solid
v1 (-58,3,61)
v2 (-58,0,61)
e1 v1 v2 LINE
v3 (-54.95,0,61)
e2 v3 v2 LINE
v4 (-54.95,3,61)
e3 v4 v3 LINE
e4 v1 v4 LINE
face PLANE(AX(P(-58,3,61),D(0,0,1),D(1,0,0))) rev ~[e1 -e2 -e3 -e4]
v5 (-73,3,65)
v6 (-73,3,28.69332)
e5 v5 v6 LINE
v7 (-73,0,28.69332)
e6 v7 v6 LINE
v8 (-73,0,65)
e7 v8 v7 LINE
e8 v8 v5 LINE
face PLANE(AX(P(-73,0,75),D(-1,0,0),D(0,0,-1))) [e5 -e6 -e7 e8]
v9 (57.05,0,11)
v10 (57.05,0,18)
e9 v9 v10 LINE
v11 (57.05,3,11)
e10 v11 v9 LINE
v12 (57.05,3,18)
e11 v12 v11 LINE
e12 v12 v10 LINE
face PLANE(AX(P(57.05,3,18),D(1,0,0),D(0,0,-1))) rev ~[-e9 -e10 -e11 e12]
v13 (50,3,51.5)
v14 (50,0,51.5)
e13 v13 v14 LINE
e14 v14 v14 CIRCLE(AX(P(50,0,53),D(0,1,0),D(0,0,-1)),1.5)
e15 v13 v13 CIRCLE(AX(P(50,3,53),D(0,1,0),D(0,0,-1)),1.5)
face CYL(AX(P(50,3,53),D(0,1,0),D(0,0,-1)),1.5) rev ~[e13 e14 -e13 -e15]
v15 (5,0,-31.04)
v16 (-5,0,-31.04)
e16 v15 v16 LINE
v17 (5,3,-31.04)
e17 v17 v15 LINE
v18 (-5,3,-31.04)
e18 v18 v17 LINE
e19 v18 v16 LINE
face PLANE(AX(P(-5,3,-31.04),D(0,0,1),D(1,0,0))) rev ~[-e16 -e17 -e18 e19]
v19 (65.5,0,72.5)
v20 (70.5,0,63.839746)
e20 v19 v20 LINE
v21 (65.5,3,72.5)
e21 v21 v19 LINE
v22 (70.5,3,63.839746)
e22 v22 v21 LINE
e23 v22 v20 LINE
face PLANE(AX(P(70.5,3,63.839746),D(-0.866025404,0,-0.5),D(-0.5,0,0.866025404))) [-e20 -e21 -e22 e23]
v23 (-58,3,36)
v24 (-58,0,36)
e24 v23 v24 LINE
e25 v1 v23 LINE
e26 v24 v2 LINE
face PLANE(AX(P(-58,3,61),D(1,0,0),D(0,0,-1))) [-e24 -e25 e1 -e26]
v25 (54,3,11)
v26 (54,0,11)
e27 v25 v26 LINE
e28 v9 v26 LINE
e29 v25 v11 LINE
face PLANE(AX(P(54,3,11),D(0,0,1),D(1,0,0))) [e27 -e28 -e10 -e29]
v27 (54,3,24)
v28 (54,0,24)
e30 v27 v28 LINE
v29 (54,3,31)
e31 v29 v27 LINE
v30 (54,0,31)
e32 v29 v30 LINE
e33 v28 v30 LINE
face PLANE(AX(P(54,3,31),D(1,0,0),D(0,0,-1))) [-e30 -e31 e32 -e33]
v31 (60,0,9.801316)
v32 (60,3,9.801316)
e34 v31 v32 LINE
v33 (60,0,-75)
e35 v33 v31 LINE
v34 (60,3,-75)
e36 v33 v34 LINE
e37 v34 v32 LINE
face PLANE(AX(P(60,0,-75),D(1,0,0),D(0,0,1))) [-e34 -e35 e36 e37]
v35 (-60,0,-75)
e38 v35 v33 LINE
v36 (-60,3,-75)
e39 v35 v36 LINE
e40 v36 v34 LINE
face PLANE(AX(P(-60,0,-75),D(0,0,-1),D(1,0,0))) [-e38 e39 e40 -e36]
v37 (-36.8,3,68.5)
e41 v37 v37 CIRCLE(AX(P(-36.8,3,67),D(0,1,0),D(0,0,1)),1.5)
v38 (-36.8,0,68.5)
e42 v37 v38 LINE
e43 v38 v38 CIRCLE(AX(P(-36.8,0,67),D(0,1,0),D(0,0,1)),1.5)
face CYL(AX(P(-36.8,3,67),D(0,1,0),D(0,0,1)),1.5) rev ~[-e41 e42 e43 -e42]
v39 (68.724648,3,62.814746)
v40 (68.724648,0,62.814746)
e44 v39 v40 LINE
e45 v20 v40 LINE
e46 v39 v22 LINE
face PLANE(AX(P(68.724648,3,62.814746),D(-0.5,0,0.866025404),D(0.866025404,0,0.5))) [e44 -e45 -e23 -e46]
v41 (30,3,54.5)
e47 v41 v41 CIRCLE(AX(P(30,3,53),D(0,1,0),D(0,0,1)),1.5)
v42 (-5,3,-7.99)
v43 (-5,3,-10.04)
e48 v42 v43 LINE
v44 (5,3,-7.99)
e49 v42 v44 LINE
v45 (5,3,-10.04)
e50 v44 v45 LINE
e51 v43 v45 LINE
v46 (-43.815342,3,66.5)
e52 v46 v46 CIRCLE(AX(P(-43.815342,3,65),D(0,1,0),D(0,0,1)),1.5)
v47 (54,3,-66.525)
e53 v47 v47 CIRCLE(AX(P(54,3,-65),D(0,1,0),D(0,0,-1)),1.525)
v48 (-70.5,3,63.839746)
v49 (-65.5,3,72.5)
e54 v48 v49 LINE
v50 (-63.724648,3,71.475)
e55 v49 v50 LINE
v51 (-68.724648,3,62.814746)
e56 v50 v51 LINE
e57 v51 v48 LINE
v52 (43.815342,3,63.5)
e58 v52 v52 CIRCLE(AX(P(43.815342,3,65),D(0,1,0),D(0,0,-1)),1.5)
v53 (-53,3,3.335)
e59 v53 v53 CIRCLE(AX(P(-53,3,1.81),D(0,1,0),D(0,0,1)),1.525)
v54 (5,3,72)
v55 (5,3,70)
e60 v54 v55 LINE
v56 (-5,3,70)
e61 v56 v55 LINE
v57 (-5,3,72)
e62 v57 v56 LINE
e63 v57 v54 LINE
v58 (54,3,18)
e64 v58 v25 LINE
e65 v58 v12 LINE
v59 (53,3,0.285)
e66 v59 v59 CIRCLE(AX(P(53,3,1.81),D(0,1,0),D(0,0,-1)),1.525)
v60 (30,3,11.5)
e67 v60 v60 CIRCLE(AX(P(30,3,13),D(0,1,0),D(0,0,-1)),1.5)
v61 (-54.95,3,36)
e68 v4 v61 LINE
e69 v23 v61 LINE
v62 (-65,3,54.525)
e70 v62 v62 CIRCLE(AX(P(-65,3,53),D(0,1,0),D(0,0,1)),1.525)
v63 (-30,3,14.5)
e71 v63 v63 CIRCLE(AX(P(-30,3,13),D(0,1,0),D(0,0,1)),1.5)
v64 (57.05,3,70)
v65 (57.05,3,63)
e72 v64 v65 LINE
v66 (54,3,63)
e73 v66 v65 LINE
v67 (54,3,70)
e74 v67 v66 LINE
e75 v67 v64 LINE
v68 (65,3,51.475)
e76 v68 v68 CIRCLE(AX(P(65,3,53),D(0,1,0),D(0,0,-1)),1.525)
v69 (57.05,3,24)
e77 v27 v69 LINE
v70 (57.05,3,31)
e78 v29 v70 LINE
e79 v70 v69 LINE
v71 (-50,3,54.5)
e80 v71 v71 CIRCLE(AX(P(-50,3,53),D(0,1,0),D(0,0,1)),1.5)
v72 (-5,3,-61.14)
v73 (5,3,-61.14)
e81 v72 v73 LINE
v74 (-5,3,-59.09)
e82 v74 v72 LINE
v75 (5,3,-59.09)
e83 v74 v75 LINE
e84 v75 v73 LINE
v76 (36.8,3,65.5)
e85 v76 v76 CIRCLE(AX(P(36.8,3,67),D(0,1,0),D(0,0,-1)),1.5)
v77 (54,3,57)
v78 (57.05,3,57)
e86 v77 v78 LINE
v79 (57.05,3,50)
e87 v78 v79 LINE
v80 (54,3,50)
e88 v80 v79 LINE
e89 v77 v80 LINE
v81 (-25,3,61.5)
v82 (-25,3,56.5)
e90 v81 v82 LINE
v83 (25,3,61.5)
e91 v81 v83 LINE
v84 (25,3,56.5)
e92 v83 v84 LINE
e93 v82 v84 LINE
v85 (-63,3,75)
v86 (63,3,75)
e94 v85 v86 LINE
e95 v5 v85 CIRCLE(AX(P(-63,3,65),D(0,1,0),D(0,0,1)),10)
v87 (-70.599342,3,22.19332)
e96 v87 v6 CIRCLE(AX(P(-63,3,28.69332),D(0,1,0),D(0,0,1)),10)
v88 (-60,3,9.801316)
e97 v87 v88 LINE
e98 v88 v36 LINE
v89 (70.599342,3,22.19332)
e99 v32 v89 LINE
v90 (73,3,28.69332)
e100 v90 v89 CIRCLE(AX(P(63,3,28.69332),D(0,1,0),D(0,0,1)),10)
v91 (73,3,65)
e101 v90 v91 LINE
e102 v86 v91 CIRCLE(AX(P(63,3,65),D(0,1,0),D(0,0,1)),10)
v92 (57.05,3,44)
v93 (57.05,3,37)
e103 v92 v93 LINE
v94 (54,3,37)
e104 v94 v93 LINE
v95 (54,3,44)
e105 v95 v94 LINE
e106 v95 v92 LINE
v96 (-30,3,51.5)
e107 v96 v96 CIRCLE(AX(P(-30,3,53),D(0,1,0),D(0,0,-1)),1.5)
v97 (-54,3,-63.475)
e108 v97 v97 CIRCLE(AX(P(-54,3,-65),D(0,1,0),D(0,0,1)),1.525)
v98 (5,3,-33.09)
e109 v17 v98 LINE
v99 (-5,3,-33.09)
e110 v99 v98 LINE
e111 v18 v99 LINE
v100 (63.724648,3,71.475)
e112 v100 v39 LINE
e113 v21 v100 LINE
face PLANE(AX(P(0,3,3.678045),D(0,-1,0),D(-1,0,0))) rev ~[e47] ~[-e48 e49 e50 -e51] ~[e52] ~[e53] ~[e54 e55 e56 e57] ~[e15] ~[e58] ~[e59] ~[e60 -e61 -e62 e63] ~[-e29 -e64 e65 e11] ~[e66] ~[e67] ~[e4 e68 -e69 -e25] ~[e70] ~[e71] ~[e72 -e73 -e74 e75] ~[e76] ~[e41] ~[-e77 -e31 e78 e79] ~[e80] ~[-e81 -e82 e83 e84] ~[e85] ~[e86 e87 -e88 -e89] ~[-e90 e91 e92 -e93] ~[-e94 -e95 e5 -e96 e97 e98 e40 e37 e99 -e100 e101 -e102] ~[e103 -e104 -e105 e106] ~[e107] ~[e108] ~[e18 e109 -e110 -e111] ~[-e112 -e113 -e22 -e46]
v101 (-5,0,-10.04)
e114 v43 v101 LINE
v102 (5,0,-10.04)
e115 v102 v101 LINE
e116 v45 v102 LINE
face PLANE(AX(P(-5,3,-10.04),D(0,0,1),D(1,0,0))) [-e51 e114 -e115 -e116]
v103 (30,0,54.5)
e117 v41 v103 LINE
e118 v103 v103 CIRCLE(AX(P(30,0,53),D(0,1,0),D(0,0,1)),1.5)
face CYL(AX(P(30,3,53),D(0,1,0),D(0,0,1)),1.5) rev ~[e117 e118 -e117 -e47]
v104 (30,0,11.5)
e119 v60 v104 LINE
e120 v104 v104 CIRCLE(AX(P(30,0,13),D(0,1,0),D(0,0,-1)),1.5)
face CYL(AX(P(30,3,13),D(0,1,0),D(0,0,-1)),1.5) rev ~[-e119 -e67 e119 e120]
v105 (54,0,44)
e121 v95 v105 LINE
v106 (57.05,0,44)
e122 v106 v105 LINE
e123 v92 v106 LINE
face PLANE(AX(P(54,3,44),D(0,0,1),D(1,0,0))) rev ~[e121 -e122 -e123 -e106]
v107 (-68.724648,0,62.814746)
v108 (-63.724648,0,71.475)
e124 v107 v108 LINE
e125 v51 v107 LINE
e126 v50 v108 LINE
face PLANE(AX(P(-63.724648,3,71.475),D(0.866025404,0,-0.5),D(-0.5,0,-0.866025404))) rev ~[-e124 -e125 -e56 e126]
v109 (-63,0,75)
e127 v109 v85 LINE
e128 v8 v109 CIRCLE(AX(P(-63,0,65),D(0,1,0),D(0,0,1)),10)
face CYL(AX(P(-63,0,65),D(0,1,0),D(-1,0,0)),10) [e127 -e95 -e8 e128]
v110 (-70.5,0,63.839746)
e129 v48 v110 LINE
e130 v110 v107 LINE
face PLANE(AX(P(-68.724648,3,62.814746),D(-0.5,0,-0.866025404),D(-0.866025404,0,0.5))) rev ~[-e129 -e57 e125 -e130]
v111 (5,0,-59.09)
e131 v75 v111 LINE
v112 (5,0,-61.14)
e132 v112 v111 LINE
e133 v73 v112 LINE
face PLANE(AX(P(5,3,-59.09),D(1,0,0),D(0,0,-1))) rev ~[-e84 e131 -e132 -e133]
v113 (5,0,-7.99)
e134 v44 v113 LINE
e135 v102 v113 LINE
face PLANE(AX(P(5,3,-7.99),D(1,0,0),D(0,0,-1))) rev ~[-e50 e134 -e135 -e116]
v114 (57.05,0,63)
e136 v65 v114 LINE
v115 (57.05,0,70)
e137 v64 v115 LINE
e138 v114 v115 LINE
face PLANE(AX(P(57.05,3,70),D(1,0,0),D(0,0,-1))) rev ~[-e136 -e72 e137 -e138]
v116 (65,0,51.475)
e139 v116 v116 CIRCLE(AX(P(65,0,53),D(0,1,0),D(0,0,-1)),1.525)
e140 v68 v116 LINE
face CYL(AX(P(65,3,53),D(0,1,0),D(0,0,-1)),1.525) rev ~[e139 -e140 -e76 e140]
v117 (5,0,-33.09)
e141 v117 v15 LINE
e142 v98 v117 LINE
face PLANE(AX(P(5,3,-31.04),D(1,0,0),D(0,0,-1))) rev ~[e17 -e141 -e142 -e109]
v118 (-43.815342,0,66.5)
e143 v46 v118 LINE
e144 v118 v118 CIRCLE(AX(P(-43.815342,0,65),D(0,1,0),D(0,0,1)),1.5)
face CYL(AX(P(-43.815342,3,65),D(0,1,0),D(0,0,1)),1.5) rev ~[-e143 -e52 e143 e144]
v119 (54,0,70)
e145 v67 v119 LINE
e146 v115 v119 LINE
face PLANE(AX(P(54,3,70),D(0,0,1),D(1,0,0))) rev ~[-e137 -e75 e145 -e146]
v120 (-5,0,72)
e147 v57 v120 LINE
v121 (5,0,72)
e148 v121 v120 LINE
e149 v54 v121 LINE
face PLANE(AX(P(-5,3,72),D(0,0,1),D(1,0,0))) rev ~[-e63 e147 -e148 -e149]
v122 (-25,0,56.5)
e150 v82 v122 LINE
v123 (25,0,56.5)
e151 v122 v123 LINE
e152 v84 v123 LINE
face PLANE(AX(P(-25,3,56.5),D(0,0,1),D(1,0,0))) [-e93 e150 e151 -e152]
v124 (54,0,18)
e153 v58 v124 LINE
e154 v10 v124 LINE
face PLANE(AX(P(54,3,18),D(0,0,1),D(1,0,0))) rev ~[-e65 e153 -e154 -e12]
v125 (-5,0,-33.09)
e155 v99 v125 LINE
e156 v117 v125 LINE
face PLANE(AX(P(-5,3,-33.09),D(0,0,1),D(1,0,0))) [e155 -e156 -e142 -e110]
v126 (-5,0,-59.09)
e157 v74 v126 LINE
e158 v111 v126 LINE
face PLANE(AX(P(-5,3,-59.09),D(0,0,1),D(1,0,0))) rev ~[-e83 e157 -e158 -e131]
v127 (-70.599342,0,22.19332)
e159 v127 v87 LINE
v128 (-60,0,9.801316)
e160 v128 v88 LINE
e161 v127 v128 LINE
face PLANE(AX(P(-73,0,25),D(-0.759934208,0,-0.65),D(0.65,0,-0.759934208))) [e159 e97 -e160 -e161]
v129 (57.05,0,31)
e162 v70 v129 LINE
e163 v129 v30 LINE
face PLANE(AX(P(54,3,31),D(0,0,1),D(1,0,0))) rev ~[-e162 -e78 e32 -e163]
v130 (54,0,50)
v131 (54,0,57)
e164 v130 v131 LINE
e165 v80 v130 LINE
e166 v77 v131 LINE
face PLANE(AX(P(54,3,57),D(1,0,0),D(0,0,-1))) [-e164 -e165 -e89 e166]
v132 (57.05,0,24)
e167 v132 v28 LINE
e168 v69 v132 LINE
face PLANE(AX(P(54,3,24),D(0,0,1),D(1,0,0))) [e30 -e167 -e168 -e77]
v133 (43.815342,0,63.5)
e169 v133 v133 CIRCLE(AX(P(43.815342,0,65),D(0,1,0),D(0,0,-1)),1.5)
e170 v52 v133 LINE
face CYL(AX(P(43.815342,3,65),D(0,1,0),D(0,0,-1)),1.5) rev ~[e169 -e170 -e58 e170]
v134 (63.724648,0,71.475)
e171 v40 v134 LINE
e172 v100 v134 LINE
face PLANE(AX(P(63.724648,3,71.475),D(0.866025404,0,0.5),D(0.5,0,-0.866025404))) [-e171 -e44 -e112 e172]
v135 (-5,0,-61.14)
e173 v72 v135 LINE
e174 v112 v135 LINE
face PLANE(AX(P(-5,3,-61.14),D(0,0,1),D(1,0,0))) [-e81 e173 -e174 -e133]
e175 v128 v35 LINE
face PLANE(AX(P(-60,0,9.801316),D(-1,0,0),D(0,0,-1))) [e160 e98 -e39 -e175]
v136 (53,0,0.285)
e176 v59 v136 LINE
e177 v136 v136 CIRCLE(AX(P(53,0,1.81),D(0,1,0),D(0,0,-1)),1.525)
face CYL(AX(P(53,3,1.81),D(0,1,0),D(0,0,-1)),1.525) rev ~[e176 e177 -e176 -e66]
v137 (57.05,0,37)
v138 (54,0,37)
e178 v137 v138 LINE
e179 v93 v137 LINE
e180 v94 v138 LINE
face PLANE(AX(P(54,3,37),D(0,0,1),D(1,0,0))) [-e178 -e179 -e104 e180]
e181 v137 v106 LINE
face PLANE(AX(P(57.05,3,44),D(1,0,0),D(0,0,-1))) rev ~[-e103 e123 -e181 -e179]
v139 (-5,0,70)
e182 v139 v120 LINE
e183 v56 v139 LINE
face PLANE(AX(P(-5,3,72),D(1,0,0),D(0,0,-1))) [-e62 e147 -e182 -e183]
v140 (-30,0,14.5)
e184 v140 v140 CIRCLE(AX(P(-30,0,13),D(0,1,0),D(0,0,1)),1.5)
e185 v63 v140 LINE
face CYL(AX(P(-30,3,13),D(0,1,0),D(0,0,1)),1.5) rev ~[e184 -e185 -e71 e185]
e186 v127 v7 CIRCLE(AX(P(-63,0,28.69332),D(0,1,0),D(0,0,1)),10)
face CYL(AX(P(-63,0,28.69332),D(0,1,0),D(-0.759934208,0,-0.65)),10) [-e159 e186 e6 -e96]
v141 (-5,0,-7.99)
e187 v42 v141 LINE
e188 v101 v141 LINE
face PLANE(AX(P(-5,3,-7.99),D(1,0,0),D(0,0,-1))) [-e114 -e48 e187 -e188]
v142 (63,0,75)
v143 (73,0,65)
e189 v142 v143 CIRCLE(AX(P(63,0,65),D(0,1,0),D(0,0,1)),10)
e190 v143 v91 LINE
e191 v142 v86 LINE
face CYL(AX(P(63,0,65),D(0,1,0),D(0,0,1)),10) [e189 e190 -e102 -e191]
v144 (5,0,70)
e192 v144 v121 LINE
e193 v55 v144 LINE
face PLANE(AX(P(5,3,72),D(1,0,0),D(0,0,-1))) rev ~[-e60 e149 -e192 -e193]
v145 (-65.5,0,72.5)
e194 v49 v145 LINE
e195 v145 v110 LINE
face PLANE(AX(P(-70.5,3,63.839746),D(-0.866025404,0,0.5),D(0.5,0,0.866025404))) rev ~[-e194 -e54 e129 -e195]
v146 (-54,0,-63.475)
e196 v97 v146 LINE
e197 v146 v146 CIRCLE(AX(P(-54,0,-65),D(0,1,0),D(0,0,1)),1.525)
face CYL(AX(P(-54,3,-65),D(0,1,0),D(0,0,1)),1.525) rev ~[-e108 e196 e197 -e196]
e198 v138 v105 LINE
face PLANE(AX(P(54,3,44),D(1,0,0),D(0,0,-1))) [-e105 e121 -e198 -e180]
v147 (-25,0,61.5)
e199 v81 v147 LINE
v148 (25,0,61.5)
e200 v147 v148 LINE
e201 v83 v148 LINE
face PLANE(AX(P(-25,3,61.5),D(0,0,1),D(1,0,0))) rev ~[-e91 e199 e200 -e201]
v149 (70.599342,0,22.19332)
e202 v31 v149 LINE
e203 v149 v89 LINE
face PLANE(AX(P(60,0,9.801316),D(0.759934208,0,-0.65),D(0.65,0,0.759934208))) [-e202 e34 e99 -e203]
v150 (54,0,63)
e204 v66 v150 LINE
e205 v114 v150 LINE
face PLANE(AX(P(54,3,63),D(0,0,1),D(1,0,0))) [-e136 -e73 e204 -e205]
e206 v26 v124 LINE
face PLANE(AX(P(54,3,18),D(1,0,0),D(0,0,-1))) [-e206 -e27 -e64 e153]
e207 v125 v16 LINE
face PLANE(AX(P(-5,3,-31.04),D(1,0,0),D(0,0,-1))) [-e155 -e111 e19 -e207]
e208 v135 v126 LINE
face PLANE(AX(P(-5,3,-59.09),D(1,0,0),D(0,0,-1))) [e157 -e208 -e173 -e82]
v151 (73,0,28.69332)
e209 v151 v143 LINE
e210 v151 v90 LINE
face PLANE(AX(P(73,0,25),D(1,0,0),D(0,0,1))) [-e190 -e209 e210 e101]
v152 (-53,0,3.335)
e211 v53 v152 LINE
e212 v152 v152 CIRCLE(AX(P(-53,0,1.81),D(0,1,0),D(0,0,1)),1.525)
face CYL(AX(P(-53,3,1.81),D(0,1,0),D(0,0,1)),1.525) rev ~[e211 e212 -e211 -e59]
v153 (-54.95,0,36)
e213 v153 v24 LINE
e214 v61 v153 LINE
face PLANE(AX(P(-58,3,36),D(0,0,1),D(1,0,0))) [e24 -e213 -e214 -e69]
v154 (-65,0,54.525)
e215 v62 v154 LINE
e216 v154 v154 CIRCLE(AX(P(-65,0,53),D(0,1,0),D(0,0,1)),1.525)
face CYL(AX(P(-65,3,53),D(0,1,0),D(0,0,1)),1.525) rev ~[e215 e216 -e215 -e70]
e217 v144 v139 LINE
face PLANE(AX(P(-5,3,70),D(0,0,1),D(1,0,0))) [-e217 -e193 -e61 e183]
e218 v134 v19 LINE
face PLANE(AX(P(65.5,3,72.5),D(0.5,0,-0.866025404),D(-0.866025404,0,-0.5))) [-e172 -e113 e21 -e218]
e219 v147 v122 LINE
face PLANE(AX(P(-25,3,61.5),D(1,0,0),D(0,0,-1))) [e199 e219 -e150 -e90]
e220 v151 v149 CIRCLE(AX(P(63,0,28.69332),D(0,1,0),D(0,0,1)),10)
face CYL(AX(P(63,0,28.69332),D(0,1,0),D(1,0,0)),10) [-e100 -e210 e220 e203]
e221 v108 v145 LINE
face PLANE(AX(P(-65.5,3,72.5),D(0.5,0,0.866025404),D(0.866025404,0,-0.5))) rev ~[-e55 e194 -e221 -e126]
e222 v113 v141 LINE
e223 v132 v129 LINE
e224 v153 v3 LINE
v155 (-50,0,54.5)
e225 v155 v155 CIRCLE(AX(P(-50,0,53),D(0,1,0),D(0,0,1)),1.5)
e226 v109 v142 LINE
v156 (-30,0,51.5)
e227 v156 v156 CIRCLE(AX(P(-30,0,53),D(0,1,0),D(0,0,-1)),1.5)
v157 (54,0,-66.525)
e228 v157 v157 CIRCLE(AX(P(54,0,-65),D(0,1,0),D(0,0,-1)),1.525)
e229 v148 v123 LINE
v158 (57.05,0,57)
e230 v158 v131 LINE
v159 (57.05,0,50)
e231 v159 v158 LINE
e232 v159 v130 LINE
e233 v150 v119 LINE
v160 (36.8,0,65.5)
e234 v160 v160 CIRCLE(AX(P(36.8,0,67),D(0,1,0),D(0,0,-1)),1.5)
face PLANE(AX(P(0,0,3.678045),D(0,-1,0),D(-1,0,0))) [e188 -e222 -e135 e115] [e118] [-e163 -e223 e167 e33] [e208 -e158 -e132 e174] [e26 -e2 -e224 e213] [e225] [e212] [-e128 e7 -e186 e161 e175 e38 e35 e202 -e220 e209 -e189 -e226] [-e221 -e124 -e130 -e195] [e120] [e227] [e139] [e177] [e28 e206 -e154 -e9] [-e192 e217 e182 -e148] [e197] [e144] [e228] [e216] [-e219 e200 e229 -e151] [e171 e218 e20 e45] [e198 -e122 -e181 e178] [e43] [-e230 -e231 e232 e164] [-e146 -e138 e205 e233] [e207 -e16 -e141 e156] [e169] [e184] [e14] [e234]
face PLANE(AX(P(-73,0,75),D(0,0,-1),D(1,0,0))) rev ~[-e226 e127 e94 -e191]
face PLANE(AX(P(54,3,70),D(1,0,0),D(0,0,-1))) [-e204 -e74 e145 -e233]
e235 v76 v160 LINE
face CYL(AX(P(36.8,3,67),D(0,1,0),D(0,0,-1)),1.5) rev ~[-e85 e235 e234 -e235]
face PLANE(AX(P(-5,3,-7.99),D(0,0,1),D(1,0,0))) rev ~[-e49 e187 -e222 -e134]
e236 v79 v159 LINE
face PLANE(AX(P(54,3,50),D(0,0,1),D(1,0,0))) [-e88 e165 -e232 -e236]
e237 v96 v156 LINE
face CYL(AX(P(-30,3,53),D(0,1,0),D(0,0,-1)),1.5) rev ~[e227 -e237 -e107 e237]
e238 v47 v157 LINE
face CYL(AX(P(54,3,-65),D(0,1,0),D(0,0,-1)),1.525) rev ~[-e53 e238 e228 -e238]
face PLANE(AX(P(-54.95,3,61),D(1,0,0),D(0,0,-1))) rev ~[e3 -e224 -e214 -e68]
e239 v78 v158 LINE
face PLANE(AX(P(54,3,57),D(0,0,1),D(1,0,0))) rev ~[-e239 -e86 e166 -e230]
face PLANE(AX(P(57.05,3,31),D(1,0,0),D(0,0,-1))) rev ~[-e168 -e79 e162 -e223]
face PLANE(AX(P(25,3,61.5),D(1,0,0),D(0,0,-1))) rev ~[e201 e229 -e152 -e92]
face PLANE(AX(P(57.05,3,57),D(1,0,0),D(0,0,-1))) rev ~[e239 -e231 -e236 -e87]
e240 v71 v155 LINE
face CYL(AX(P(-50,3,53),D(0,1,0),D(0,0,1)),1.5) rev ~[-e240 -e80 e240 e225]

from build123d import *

# Parameters (mm, degrees)
BOSS_EXTRUDE1_DEPTH = 3
SKETCH2_R           = 1.525
CUT_EXTRUDE1_DEPTH  = 105.70434566
SKETCH3_W           = 10
SKETCH3_H           = 2.05
CUT_EXTRUDE2_DEPTH  = 105.70434566
SKETCH4_R           = 1.5
CUT_EXTRUDE3_DEPTH  = 3
SKETCH5_R           = 1.5
SKETCH5_R_2         = 1.525
SKETCH5_W           = 50
SKETCH5_H           = 5
CUT_EXTRUDE4_DEPTH  = 3
SKETCH6_W           = 3.05
SKETCH6_H           = 7
CUT_EXTRUDE5_DEPTH  = 10
SKETCH7_W           = 10
SKETCH7_H           = 2
SKETCH7_W_2         = 3.05
SKETCH7_H_2         = 25
CUT_EXTRUDE6_DEPTH  = 10
FILLET3_R           = 10
CUT_EXTRUDE7_DEPTH  = 10
SKETCH9_R           = 1.5
CUT_EXTRUDE8_DEPTH  = 3


with BuildPart() as part:
    # Sketch1 → Boss-Extrude1 (new body)
    with BuildSketch(Plane(origin=(0, 0, 0), x_dir=(1, 0, 0), z_dir=(0, 1, 0))):
        Polygon((-73, -25), (-60, -9.801315846), (-60, 75), (60, 75), (60, -9.801315846), (73, -25), (73, -75), (60, -75), (-60, -75), (-73, -75), align=None)
    extrude(amount=BOSS_EXTRUDE1_DEPTH)

    # Sketch2 → Cut-Extrude1 (cut, through all)
    with BuildSketch(Plane(origin=(0, 3, 0), x_dir=(1, 0, 0), z_dir=(0, 1, 0))):
        with Locations(Location((-53, -1.81, 0), (0, 0, 270))):
            Circle(SKETCH2_R)
        with Locations(Location((-54, 65, 0), (0, 0, 270))):
            Circle(SKETCH2_R)
        with Locations(Location((53, -1.81, 0), (0, 0, 90))):
            Circle(SKETCH2_R)
        with Locations(Location((54, 65, 0), (0, 0, 90))):
            Circle(SKETCH2_R)
    extrude(amount=-CUT_EXTRUDE1_DEPTH, mode=Mode.SUBTRACT)

    # Sketch3 → Cut-Extrude2 (cut, through all)
    with BuildSketch(Plane(origin=(0, 3, 0), x_dir=(1, 0, 0), z_dir=(0, 1, 0))):
        with Locations((0, 32.065)):
            Rectangle(SKETCH3_W, SKETCH3_H)
        with Locations((0, 9.015)):
            Rectangle(SKETCH3_W, SKETCH3_H)
        with Locations((0, 60.115)):
            Rectangle(SKETCH3_W, SKETCH3_H)
    extrude(amount=-CUT_EXTRUDE2_DEPTH, mode=Mode.SUBTRACT)

    # Sketch4 → Cut-Extrude3 (cut)
    with BuildSketch(Plane(origin=(0, 3, 0), x_dir=(1, 0, 0), z_dir=(0, 1, 0))):
        with Locations(Location((-50, -53, 0), (0, 0, 270))):
            Circle(SKETCH4_R)
        with Locations(Location((-43.815341562, -65, 0), (0, 0, 270))):
            Circle(SKETCH4_R)
        with Locations(Location((43.815341562, -65, 0), (0, 0, 90))):
            Circle(SKETCH4_R)
        with Locations(Location((50, -53, 0), (0, 0, 90))):
            Circle(SKETCH4_R)
    extrude(amount=-CUT_EXTRUDE3_DEPTH, mode=Mode.SUBTRACT)

    # Sketch5 → Cut-Extrude4 (cut)
    with BuildSketch(Plane(origin=(0, 3, 0), x_dir=(1, 0, 0), z_dir=(0, 1, 0))):
        with Locations(Location((-36.8, -67, 0), (0, 0, 270))):
            Circle(SKETCH5_R)
        with Locations(Location((36.8, -67, 0), (0, 0, 90))):
            Circle(SKETCH5_R)
        with Locations(Location((-65, -53, 0), (0, 0, 270))):
            Circle(SKETCH5_R_2)
        with Locations(Location((65, -53, 0), (0, 0, 90))):
            Circle(SKETCH5_R_2)
        with Locations((0, -59)):
            Rectangle(SKETCH5_W, SKETCH5_H)
    extrude(amount=-CUT_EXTRUDE4_DEPTH, mode=Mode.SUBTRACT)

    # Sketch6 → Cut-Extrude5 (cut)
    with BuildSketch(Plane(origin=(0, 3, 0), x_dir=(1, 0, 0), z_dir=(0, 1, 0))):
        with Locations((55.525, -53.5)):
            Rectangle(SKETCH6_W, SKETCH6_H)
        with Locations((55.525, -66.5)):
            Rectangle(SKETCH6_W, SKETCH6_H)
        with Locations((55.525, -40.5)):
            Rectangle(SKETCH6_W, SKETCH6_H)
        with Locations((55.525, -27.5)):
            Rectangle(SKETCH6_W, SKETCH6_H)
        with Locations((55.525, -14.5)):
            Rectangle(SKETCH6_W, SKETCH6_H)
    extrude(amount=-CUT_EXTRUDE5_DEPTH, mode=Mode.SUBTRACT)

    # Sketch7 → Cut-Extrude6 (cut)
    with BuildSketch(Plane(origin=(0, 3, 0), x_dir=(1, 0, 0), z_dir=(0, 1, 0))):
        with Locations((0, -71)):
            Rectangle(SKETCH7_W, SKETCH7_H)
        with Locations((-56.475, -48.5)):
            Rectangle(SKETCH7_W_2, SKETCH7_H_2)
    extrude(amount=-CUT_EXTRUDE6_DEPTH, mode=Mode.SUBTRACT)

    # Fillet3
    fillet3_edges = [part.edges().sort_by_distance(p)[0] for p in [
        (73, 1.5, 25),
        (73, 1.5, 75),
        (-73, 1.5, 75),
        (-73, 1.5, 25),
    ]]
    fillet(fillet3_edges, radius=FILLET3_R)

    # Sketch8 → Cut-Extrude7 (cut)
    with BuildSketch(Plane(origin=(0, 3, 0), x_dir=(1, 0, 0), z_dir=(0, 1, 0))):
        Polygon((70.5, -63.839745962), (65.5, -72.5), (63.724647922, -71.475), (68.724647922, -62.814745962), align=None)
        Polygon((-68.724647922, -62.814745962), (-70.5, -63.839745962), (-65.5, -72.5), (-63.724647922, -71.475), align=None)
    extrude(amount=-CUT_EXTRUDE7_DEPTH, mode=Mode.SUBTRACT)

    # Sketch9 → Cut-Extrude8 (cut)
    with BuildSketch(Plane(origin=(0, 3, 0), x_dir=(1, 0, 0), z_dir=(0, 1, 0))):
        with Locations(Location((-30, -13, 0), (0, 0, 270))):
            Circle(SKETCH9_R)
        with Locations(Location((30, -13, 0), (0, 0, 90))):
            Circle(SKETCH9_R)
        with Locations(Location((30, -53, 0), (0, 0, 270))):
            Circle(SKETCH9_R)
        with Locations(Location((-30, -53, 0), (0, 0, 90))):
            Circle(SKETCH9_R)
    extrude(amount=-CUT_EXTRUDE8_DEPTH, mode=Mode.SUBTRACT)


solid = part.part
